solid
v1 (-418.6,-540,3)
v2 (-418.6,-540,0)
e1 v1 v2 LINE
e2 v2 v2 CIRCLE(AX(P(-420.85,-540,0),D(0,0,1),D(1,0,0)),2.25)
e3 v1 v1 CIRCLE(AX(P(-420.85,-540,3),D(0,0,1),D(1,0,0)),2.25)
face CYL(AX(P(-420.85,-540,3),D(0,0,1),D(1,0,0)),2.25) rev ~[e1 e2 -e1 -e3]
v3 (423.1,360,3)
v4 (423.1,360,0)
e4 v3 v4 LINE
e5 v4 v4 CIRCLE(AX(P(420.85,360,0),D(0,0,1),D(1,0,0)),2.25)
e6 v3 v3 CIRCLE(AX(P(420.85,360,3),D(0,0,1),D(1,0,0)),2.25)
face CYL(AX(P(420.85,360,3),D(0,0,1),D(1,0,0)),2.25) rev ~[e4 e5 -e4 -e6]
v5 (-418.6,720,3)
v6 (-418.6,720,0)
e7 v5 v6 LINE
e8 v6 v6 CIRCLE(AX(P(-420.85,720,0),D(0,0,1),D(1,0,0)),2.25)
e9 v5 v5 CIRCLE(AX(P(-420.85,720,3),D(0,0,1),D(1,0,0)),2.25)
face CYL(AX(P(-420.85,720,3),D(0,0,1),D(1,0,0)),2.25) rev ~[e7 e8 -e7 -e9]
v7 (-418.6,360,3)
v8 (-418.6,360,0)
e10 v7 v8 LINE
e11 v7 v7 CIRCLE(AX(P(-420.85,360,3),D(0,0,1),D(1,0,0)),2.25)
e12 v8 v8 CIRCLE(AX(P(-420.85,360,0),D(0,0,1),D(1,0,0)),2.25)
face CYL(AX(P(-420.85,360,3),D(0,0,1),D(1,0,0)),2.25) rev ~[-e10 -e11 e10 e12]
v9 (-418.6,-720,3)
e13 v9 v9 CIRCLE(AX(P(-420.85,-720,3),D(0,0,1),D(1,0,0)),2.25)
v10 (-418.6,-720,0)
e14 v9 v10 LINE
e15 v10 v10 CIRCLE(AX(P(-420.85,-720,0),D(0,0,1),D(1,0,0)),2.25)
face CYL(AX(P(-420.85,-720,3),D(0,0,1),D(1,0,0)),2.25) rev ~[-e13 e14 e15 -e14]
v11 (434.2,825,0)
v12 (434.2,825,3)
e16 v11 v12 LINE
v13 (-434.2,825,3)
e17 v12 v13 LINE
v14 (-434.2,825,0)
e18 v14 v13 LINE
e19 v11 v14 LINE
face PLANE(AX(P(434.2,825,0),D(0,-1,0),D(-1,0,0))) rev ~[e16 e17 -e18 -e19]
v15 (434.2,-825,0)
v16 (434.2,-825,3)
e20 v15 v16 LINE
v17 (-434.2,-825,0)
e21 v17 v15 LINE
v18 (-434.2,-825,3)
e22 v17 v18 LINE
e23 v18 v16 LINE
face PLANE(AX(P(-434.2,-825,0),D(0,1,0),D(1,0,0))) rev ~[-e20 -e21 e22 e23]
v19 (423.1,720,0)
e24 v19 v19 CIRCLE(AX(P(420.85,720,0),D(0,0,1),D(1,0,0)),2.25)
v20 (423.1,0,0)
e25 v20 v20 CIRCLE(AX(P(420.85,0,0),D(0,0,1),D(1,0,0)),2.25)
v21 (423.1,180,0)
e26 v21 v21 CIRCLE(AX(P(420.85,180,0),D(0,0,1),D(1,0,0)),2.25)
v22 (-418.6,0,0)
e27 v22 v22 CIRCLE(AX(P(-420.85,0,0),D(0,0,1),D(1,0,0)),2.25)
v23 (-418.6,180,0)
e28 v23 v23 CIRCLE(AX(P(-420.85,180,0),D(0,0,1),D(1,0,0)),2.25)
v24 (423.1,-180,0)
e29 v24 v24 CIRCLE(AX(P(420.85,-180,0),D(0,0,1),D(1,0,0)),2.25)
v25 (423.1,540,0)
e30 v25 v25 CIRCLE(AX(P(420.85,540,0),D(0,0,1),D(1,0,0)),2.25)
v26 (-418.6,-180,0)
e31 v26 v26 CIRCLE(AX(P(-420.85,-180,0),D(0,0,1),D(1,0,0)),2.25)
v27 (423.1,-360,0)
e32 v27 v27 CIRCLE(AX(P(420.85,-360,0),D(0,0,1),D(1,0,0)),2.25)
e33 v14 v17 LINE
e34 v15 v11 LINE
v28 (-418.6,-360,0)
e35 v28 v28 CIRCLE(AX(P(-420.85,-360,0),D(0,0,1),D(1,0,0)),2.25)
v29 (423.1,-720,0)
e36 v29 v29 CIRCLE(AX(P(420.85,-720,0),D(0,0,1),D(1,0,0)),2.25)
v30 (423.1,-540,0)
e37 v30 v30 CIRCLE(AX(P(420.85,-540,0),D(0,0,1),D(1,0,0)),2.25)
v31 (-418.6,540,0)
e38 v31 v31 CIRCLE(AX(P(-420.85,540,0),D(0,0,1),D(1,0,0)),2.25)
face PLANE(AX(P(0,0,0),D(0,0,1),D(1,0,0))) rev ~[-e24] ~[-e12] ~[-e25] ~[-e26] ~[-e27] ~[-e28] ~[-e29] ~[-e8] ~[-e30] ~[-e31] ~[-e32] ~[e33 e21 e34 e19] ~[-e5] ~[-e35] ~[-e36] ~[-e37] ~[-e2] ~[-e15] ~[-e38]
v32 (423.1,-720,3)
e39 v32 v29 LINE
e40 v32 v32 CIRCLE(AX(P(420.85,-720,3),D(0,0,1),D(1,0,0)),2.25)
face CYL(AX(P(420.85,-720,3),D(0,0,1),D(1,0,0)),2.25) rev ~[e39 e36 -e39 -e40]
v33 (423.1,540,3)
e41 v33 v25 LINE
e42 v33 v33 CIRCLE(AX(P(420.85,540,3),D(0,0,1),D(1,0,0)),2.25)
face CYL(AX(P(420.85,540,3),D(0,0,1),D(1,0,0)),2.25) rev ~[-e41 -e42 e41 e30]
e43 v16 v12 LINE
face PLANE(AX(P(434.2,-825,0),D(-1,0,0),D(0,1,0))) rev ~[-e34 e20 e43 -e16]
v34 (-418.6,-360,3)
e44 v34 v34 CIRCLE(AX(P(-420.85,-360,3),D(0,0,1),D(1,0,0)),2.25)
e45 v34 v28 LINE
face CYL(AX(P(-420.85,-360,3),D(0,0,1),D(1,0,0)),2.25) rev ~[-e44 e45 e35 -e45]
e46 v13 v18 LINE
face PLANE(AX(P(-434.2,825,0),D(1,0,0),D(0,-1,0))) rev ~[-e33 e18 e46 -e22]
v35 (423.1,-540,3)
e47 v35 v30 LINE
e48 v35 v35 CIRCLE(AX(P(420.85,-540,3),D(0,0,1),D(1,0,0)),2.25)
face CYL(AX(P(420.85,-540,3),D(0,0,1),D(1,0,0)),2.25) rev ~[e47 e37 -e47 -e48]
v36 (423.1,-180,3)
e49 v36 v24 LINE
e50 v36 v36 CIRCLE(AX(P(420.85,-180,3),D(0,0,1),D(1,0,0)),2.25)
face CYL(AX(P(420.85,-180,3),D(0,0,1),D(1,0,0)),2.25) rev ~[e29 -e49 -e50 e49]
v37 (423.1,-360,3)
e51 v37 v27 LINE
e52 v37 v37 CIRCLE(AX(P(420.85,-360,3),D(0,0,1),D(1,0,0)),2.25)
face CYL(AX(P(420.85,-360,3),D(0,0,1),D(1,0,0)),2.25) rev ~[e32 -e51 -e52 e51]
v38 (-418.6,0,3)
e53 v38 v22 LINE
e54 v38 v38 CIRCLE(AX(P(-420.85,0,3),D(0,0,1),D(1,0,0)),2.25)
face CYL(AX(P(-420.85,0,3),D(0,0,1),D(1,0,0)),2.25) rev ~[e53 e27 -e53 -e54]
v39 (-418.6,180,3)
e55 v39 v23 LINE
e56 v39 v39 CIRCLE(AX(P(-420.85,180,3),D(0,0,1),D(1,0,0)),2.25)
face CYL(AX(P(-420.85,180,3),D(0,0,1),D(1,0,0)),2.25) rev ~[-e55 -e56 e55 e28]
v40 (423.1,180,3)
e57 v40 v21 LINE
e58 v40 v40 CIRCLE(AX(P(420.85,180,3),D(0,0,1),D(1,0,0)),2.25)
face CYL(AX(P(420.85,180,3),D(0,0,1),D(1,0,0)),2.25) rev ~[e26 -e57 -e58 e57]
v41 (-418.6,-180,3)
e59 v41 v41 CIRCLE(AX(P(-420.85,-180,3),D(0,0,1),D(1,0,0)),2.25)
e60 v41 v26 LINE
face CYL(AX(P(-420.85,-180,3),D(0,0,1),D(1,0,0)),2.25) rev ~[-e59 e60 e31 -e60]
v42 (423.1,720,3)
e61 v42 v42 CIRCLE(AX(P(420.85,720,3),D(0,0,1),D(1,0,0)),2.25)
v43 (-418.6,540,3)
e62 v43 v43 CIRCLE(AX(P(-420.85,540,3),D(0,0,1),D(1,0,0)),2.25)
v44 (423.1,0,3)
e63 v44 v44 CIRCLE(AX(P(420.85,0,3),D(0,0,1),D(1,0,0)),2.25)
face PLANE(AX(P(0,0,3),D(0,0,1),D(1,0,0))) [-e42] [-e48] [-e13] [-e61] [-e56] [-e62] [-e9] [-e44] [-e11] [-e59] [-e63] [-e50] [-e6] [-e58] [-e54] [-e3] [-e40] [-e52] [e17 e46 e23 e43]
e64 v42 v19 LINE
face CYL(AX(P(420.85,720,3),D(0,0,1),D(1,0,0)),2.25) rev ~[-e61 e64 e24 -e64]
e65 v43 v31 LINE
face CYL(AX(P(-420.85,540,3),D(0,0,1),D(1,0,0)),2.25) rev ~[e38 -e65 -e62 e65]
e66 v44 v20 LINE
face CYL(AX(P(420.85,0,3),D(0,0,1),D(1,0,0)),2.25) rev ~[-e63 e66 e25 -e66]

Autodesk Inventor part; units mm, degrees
ref_plane "YZ Plane" through (0, 0, 0) normal (1, 0, 0) x (0, 1, 0)
ref_plane "XZ Plane" through (0, 0, 0) normal (0, 1, 0) x (-1, 0, 0)
ref_plane "XY Plane" through (0, 0, 0) normal (0, 0, 1) x (1, 0, 0)
sketch "Sketch1" plane through (0, 0, 0) normal (0, 0, 1) x (1, 0, 0)
  line L0 (-434.2, -825) -> (434.2, -825)
  line L1 (434.2, -825) -> (434.2, 825)
  line L2 (434.2, 825) -> (-434.2, 825)
  line L3 (-434.2, 825) -> (-434.2, -825)
  line L4 (-434.2, -825) -> (434.2, 825) construction
  line L5 (434.2, -825) -> (-434.2, 825) construction
  point P0 (0, 0)
  dimension "d0" = 868.4
  dimension "d1" = 1650
extrude "Extrusion1" add sketch "Sketch1" along normal blind 3
sketch "Sketch2" plane through (0, 0, 3) normal (0, 0, 1) x (1, 0, 0)
  point P0 (0, 0)
sketch "Sketch3" plane through (0, 0, 3) normal (0, 0, 1) x (1, 0, 0)
  circle A0 centre (420.85, -720) radius 2.25 projected
  circle A1 centre (420.85, -540) radius 2.25 projected
  circle A2 centre (420.85, -360) radius 2.25 projected
  circle A3 centre (420.85, -180) radius 2.25 projected
  circle A4 centre (420.85, 0) radius 2.25 projected
  circle A5 centre (420.85, 180) radius 2.25 projected
  circle A6 centre (420.85, 360) radius 2.25 projected
  circle A7 centre (420.85, 540) radius 2.25 projected
  circle A8 centre (420.85, 720) radius 2.25 projected
  circle A9 centre (-420.85, -720) radius 2.25 projected
  circle A10 centre (-420.85, -540) radius 2.25 projected
  circle A11 centre (-420.85, -360) radius 2.25 projected
  circle A12 centre (-420.85, -180) radius 2.25 projected
  circle A13 centre (-420.85, 0) radius 2.25 projected
  circle A14 centre (-420.85, 180) radius 2.25 projected
  circle A15 centre (-420.85, 360) radius 2.25 projected
  circle A16 centre (-420.85, 540) radius 2.25 projected
  circle A17 centre (-420.85, 720) radius 2.25 projected
  point P0 (0, 0)
extrude "Extrusion2" cut sketch "Sketch3" against normal blind 10
properties part number "acrilico" material "Cristal"
